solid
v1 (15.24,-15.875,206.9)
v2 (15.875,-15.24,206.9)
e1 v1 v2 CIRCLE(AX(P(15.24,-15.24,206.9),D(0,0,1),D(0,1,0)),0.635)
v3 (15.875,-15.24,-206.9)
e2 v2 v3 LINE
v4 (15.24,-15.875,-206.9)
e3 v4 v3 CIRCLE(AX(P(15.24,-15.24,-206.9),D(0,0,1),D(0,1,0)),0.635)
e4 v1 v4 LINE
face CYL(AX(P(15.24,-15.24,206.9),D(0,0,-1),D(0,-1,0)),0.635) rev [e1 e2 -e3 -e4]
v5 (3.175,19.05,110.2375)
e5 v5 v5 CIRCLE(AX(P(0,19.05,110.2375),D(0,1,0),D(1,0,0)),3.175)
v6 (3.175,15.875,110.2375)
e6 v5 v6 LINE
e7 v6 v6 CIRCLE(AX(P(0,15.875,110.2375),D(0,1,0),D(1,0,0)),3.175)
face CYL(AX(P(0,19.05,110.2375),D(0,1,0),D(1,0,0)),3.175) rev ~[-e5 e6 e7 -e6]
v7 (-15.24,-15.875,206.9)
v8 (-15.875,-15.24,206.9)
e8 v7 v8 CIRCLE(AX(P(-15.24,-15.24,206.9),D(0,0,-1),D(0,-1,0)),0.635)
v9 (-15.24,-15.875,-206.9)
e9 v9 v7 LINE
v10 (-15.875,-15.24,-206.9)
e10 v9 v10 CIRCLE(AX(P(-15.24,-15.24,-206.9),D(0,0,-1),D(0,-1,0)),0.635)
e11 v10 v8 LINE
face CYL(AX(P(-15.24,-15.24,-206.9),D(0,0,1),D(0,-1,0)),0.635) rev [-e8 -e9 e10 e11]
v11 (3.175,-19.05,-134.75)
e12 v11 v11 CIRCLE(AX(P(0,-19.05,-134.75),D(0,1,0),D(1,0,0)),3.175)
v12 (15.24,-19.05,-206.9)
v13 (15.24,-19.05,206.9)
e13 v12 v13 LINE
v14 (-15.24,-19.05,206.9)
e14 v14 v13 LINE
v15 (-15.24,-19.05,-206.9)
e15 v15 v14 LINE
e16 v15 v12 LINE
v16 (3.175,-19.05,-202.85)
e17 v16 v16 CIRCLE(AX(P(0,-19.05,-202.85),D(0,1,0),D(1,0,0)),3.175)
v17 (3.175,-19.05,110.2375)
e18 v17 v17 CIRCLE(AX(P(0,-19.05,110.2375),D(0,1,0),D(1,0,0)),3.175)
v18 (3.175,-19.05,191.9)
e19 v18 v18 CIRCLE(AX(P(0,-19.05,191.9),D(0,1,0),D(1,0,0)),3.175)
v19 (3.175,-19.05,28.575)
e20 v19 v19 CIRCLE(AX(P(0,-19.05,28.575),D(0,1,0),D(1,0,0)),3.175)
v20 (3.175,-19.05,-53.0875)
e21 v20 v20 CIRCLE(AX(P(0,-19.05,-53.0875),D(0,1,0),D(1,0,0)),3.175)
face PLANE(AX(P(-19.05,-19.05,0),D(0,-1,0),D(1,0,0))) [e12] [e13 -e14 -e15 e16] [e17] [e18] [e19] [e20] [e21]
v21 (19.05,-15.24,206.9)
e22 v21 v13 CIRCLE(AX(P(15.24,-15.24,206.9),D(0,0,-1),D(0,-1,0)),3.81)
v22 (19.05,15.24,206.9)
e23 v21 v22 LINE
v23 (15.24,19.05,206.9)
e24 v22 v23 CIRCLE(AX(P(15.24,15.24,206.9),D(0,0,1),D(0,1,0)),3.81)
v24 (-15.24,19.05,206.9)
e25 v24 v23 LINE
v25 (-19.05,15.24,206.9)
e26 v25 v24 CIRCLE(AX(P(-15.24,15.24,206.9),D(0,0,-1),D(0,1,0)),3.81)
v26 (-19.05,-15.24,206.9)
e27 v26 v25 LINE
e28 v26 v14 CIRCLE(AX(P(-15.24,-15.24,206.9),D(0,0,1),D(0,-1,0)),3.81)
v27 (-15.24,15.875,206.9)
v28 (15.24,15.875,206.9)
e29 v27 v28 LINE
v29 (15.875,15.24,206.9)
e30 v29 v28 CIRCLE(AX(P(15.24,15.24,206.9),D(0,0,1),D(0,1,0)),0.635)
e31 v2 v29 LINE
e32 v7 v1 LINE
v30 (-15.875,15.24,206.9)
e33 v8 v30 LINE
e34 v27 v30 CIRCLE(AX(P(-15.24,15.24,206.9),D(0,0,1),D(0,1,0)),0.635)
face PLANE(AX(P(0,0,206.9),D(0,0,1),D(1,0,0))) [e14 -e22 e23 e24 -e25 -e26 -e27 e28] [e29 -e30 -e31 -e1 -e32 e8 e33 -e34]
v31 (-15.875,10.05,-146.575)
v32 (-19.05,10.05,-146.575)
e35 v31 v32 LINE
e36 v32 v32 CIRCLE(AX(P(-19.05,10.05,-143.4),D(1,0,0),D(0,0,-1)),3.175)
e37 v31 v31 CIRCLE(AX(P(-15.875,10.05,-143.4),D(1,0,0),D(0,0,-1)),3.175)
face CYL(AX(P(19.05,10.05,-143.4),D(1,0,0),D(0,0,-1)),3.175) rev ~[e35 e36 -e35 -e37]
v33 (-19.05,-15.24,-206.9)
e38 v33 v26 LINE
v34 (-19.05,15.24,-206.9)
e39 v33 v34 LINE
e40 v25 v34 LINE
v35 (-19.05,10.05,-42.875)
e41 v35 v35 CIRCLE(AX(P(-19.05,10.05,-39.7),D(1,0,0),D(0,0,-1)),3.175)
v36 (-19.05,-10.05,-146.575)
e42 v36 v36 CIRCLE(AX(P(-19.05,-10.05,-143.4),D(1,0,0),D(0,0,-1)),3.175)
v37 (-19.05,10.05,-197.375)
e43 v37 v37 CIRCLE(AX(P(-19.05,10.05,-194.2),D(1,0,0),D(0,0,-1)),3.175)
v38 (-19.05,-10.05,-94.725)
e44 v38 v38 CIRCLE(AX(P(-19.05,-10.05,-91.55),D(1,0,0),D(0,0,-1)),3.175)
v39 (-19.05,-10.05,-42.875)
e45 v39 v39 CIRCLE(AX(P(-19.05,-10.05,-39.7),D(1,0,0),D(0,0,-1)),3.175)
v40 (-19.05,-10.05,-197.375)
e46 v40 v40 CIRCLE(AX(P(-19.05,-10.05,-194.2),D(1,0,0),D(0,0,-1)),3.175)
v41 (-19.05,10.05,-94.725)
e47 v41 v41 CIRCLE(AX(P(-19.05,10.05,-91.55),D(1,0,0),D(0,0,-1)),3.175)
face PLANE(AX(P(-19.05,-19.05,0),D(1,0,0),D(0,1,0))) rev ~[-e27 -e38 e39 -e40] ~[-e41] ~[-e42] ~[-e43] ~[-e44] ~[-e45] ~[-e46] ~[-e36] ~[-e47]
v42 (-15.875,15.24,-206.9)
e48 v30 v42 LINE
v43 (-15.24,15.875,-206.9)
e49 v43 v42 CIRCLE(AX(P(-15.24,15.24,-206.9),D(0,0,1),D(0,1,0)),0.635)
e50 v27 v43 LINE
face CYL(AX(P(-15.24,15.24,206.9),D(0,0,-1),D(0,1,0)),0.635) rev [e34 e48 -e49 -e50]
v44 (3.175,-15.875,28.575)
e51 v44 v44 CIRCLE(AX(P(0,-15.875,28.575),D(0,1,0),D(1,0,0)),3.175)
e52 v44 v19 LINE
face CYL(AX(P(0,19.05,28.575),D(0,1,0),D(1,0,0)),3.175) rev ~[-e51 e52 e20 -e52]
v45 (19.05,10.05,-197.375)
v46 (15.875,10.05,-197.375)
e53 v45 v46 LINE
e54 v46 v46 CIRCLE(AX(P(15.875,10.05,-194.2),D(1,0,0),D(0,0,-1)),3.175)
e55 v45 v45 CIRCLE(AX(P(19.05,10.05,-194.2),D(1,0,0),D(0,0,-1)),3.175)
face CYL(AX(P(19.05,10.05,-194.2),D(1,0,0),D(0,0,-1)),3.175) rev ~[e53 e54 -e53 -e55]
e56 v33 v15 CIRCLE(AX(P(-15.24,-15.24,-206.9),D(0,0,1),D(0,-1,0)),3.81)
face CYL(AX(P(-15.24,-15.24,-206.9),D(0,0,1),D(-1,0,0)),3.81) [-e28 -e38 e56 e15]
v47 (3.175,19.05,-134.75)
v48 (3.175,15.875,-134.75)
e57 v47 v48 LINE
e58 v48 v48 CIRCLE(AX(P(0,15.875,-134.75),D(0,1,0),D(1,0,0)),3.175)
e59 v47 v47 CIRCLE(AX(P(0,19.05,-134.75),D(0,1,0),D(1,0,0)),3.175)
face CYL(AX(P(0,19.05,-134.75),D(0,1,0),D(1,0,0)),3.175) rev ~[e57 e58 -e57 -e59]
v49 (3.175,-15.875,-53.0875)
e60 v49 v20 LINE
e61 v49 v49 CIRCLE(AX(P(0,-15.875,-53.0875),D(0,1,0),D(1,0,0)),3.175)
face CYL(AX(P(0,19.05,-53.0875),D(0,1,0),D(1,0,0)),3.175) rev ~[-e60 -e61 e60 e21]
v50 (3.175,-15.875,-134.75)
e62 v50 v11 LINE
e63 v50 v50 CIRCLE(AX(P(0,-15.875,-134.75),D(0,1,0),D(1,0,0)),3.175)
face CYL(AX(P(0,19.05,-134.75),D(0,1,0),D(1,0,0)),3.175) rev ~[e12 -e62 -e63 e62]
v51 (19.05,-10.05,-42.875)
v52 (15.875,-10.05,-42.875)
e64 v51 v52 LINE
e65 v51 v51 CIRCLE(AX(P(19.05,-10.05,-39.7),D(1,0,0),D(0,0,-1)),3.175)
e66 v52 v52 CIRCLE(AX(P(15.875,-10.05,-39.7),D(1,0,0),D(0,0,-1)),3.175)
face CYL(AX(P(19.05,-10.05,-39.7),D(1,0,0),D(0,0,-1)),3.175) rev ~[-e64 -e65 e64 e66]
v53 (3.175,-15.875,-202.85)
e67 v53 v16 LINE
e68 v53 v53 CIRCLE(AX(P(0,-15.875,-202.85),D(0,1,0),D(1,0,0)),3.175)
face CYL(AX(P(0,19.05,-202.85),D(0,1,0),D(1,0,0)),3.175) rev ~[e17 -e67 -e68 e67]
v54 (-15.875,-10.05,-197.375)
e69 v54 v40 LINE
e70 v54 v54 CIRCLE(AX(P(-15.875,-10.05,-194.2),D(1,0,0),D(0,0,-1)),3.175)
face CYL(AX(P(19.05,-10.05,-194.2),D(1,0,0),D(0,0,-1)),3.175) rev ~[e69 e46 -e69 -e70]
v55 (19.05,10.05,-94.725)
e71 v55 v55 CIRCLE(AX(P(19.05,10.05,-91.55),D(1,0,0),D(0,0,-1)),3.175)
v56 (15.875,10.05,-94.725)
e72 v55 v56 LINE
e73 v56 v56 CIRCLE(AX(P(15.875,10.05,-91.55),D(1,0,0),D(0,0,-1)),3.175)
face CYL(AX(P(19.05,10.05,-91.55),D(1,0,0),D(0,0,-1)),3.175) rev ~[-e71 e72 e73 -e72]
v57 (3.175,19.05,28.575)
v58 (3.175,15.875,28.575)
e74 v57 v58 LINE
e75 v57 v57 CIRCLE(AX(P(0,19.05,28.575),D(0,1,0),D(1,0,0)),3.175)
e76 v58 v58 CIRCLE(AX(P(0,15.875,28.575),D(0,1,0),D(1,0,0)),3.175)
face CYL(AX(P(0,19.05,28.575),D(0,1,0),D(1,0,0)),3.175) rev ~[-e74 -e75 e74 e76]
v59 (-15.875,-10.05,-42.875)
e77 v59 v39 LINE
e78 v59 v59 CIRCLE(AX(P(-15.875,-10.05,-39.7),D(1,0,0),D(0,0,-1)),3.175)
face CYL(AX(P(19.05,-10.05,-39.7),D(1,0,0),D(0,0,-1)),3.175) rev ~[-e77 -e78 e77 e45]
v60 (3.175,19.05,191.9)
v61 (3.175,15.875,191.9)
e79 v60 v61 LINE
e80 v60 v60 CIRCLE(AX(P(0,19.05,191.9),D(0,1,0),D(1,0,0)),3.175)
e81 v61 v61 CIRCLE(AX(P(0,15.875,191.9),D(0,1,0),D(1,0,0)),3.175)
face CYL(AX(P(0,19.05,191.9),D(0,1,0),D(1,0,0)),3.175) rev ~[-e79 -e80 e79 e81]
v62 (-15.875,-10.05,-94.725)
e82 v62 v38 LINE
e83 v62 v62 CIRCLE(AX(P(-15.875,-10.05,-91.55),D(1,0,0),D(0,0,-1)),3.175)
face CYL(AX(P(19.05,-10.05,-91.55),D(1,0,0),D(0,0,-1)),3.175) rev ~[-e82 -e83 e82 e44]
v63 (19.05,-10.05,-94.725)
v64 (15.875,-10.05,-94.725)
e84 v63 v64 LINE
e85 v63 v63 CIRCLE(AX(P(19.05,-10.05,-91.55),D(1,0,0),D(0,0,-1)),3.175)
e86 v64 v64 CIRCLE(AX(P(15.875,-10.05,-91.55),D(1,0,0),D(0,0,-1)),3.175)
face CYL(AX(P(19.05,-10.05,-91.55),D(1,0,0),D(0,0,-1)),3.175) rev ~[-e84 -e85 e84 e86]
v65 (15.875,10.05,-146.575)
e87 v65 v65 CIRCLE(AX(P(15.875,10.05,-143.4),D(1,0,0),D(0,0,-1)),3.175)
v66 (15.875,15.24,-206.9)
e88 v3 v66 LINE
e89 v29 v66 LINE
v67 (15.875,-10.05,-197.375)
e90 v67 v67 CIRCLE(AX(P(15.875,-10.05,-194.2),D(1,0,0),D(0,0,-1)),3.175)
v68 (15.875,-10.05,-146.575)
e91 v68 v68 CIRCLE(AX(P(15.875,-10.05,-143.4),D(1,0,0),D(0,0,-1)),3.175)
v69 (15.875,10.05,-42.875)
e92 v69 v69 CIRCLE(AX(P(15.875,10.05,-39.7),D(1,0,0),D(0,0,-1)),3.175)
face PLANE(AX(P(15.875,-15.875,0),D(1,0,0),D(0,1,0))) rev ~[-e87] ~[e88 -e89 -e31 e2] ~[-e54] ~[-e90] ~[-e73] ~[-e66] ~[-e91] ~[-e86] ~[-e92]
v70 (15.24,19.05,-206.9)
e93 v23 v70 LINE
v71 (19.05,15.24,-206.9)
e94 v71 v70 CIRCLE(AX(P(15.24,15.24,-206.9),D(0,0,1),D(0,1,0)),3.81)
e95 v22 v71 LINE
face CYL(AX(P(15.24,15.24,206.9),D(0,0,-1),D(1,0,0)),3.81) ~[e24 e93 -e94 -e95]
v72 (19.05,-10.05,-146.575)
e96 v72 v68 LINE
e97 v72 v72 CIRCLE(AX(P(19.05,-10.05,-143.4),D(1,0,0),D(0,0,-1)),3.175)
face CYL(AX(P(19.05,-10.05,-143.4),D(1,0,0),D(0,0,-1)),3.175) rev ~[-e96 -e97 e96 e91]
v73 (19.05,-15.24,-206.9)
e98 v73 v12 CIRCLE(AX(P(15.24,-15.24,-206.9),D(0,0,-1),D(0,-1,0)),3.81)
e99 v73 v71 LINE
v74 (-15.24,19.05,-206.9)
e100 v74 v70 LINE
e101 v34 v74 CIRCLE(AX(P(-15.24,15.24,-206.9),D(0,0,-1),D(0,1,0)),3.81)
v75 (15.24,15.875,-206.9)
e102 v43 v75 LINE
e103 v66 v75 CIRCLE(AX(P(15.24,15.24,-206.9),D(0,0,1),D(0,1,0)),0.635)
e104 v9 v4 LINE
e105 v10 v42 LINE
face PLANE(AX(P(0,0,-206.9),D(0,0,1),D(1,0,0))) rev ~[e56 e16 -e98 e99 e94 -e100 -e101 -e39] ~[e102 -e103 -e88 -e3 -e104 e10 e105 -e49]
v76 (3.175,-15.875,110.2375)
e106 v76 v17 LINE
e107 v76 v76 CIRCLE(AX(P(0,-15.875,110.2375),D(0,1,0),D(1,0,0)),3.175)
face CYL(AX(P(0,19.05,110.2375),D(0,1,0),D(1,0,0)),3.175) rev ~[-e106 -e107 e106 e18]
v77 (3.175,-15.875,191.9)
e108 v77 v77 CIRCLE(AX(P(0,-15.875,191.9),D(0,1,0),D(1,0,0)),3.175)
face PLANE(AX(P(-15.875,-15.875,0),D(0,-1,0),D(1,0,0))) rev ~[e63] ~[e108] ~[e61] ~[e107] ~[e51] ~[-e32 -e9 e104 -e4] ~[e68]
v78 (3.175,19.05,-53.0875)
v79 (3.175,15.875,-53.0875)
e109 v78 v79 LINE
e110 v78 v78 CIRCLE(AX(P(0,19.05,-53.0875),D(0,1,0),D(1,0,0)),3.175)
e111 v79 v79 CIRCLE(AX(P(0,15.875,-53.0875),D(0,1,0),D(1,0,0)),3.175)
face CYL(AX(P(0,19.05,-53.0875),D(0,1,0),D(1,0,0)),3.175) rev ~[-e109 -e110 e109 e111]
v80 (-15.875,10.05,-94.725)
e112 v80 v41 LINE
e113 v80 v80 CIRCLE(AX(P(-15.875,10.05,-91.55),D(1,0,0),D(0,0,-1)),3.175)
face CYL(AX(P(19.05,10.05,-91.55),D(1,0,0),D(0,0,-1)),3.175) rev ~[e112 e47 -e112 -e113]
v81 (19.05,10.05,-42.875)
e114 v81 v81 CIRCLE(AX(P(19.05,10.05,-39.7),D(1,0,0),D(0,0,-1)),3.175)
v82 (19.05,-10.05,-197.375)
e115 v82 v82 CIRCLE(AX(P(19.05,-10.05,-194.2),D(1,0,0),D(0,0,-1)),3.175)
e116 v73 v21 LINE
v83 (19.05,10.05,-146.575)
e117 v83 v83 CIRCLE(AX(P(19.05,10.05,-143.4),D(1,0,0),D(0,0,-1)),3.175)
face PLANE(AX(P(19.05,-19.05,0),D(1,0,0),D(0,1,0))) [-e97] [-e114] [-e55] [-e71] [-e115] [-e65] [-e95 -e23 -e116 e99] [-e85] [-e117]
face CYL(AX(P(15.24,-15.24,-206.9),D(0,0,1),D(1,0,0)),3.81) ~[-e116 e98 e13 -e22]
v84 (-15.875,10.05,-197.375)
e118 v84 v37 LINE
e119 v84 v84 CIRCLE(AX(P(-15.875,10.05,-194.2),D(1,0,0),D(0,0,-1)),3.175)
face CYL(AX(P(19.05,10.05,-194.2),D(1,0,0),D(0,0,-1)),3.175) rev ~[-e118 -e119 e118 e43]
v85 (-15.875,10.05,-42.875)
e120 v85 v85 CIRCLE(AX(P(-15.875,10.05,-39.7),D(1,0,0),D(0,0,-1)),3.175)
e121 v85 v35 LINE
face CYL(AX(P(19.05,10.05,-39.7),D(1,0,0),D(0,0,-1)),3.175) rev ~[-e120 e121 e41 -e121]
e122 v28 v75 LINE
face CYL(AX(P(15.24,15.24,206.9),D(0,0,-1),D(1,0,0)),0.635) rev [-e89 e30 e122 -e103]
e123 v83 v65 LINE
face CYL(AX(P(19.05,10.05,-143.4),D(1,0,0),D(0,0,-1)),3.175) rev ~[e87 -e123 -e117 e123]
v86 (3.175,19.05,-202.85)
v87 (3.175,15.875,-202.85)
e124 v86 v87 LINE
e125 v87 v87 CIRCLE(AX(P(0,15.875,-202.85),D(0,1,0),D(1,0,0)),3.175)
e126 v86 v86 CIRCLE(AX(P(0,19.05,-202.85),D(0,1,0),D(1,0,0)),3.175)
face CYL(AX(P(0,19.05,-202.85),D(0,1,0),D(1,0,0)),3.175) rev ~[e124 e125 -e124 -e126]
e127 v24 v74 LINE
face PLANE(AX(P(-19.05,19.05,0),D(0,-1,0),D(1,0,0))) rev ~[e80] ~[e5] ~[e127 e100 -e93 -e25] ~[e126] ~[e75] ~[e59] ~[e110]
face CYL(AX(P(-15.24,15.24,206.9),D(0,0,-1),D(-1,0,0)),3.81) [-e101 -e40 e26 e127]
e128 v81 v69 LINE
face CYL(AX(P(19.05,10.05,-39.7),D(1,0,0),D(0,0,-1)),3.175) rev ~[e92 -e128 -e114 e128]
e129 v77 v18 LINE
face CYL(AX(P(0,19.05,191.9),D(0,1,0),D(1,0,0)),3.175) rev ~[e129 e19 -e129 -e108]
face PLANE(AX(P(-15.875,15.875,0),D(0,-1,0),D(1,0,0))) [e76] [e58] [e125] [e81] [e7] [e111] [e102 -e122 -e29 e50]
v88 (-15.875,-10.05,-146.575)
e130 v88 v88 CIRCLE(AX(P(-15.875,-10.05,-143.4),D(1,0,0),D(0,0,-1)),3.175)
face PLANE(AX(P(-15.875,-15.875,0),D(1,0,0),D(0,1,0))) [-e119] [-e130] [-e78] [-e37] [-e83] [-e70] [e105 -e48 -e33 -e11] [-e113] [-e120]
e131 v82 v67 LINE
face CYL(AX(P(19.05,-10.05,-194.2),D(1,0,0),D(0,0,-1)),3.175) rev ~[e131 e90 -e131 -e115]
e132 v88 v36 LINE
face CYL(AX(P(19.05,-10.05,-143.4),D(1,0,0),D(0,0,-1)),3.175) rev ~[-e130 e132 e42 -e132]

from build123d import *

# Parameters (mm, degrees)
SKETCH1_W               = 38.1
SKETCH1_H               = 38.1
SKETCH1_W_2             = 31.75
SKETCH1_H_2             = 31.75
BOSS_EXTRUDE1_DEPTH     = 206.9
FILLET1_R               = 3.81
FILLET2_R               = 0.635
SKETCH2_R               = 3.175
CUT_EXTRUDE1_DEPTH      = 1
CUT_EXTRUDE1_DEPTH_BACK = 39.1
SKETCH3_R               = 3.175
CUT_EXTRUDE2_DEPTH      = 39.1


with BuildPart() as part:
    # Sketch1 → Boss-Extrude1 (new body, symmetric)
    with BuildSketch(Plane.XY):
        Rectangle(SKETCH1_W, SKETCH1_H)
        Rectangle(SKETCH1_W_2, SKETCH1_H_2, mode=Mode.SUBTRACT)
    extrude(amount=BOSS_EXTRUDE1_DEPTH, both=True)

    # Fillet1
    fillet1_edges = [part.edges().sort_by_distance(p)[0] for p in [
        (19.05, -19.05, 0),
        (-19.05, -19.05, 0),
        (-19.05, 19.05, 0),
        (19.05, 19.05, 0),
    ]]
    fillet(fillet1_edges, radius=FILLET1_R)

    # Fillet2
    fillet2_edges = [part.edges().sort_by_distance(p)[0] for p in [
        (15.875, 15.875, 0),
        (-15.875, 15.875, 0),
        (-15.875, -15.875, 0),
        (15.875, -15.875, 0),
    ]]
    fillet(fillet2_edges, radius=FILLET2_R)

    # Sketch2 → Cut-Extrude1 (cut, two sides)
    with BuildSketch(Plane(origin=(0, 19.05, 0), x_dir=(1, 0, 0), z_dir=(0, 1, 0))) as cut_extrude1_sk:
        with Locations((0, 202.85)):
            Circle(SKETCH2_R)
        with Locations((0, 134.75)):
            Circle(SKETCH2_R)
        with Locations((0, 53.0875)):
            Circle(SKETCH2_R)
        with Locations((0, -28.575)):
            Circle(SKETCH2_R)
        with Locations((0, -110.2375)):
            Circle(SKETCH2_R)
        with Locations((0, -191.9)):
            Circle(SKETCH2_R)
    extrude(amount=CUT_EXTRUDE1_DEPTH, mode=Mode.SUBTRACT)
    extrude(cut_extrude1_sk.sketch, amount=-CUT_EXTRUDE1_DEPTH_BACK, mode=Mode.SUBTRACT)

    # Sketch3 → Cut-Extrude2 (cut, through all)
    with BuildSketch(Plane(origin=(19.05, 0, 0), x_dir=(0, 0, -1), z_dir=(1, 0, 0))):
        with Locations((194.2, 10.05)):
            Circle(SKETCH3_R)
        with Locations((194.2, -10.05)):
            Circle(SKETCH3_R)
        with Locations((143.4, 10.05)):
            Circle(SKETCH3_R)
        with Locations((39.7, 10.05)):
            Circle(SKETCH3_R)
        with Locations((91.55, 10.05)):
            Circle(SKETCH3_R)
        with Locations((143.4, -10.05)):
            Circle(SKETCH3_R)
        with Locations((91.55, -10.05)):
            Circle(SKETCH3_R)
        with Locations((39.7, -10.05)):
            Circle(SKETCH3_R)
    extrude(amount=-CUT_EXTRUDE2_DEPTH, mode=Mode.SUBTRACT)


solid = part.part
